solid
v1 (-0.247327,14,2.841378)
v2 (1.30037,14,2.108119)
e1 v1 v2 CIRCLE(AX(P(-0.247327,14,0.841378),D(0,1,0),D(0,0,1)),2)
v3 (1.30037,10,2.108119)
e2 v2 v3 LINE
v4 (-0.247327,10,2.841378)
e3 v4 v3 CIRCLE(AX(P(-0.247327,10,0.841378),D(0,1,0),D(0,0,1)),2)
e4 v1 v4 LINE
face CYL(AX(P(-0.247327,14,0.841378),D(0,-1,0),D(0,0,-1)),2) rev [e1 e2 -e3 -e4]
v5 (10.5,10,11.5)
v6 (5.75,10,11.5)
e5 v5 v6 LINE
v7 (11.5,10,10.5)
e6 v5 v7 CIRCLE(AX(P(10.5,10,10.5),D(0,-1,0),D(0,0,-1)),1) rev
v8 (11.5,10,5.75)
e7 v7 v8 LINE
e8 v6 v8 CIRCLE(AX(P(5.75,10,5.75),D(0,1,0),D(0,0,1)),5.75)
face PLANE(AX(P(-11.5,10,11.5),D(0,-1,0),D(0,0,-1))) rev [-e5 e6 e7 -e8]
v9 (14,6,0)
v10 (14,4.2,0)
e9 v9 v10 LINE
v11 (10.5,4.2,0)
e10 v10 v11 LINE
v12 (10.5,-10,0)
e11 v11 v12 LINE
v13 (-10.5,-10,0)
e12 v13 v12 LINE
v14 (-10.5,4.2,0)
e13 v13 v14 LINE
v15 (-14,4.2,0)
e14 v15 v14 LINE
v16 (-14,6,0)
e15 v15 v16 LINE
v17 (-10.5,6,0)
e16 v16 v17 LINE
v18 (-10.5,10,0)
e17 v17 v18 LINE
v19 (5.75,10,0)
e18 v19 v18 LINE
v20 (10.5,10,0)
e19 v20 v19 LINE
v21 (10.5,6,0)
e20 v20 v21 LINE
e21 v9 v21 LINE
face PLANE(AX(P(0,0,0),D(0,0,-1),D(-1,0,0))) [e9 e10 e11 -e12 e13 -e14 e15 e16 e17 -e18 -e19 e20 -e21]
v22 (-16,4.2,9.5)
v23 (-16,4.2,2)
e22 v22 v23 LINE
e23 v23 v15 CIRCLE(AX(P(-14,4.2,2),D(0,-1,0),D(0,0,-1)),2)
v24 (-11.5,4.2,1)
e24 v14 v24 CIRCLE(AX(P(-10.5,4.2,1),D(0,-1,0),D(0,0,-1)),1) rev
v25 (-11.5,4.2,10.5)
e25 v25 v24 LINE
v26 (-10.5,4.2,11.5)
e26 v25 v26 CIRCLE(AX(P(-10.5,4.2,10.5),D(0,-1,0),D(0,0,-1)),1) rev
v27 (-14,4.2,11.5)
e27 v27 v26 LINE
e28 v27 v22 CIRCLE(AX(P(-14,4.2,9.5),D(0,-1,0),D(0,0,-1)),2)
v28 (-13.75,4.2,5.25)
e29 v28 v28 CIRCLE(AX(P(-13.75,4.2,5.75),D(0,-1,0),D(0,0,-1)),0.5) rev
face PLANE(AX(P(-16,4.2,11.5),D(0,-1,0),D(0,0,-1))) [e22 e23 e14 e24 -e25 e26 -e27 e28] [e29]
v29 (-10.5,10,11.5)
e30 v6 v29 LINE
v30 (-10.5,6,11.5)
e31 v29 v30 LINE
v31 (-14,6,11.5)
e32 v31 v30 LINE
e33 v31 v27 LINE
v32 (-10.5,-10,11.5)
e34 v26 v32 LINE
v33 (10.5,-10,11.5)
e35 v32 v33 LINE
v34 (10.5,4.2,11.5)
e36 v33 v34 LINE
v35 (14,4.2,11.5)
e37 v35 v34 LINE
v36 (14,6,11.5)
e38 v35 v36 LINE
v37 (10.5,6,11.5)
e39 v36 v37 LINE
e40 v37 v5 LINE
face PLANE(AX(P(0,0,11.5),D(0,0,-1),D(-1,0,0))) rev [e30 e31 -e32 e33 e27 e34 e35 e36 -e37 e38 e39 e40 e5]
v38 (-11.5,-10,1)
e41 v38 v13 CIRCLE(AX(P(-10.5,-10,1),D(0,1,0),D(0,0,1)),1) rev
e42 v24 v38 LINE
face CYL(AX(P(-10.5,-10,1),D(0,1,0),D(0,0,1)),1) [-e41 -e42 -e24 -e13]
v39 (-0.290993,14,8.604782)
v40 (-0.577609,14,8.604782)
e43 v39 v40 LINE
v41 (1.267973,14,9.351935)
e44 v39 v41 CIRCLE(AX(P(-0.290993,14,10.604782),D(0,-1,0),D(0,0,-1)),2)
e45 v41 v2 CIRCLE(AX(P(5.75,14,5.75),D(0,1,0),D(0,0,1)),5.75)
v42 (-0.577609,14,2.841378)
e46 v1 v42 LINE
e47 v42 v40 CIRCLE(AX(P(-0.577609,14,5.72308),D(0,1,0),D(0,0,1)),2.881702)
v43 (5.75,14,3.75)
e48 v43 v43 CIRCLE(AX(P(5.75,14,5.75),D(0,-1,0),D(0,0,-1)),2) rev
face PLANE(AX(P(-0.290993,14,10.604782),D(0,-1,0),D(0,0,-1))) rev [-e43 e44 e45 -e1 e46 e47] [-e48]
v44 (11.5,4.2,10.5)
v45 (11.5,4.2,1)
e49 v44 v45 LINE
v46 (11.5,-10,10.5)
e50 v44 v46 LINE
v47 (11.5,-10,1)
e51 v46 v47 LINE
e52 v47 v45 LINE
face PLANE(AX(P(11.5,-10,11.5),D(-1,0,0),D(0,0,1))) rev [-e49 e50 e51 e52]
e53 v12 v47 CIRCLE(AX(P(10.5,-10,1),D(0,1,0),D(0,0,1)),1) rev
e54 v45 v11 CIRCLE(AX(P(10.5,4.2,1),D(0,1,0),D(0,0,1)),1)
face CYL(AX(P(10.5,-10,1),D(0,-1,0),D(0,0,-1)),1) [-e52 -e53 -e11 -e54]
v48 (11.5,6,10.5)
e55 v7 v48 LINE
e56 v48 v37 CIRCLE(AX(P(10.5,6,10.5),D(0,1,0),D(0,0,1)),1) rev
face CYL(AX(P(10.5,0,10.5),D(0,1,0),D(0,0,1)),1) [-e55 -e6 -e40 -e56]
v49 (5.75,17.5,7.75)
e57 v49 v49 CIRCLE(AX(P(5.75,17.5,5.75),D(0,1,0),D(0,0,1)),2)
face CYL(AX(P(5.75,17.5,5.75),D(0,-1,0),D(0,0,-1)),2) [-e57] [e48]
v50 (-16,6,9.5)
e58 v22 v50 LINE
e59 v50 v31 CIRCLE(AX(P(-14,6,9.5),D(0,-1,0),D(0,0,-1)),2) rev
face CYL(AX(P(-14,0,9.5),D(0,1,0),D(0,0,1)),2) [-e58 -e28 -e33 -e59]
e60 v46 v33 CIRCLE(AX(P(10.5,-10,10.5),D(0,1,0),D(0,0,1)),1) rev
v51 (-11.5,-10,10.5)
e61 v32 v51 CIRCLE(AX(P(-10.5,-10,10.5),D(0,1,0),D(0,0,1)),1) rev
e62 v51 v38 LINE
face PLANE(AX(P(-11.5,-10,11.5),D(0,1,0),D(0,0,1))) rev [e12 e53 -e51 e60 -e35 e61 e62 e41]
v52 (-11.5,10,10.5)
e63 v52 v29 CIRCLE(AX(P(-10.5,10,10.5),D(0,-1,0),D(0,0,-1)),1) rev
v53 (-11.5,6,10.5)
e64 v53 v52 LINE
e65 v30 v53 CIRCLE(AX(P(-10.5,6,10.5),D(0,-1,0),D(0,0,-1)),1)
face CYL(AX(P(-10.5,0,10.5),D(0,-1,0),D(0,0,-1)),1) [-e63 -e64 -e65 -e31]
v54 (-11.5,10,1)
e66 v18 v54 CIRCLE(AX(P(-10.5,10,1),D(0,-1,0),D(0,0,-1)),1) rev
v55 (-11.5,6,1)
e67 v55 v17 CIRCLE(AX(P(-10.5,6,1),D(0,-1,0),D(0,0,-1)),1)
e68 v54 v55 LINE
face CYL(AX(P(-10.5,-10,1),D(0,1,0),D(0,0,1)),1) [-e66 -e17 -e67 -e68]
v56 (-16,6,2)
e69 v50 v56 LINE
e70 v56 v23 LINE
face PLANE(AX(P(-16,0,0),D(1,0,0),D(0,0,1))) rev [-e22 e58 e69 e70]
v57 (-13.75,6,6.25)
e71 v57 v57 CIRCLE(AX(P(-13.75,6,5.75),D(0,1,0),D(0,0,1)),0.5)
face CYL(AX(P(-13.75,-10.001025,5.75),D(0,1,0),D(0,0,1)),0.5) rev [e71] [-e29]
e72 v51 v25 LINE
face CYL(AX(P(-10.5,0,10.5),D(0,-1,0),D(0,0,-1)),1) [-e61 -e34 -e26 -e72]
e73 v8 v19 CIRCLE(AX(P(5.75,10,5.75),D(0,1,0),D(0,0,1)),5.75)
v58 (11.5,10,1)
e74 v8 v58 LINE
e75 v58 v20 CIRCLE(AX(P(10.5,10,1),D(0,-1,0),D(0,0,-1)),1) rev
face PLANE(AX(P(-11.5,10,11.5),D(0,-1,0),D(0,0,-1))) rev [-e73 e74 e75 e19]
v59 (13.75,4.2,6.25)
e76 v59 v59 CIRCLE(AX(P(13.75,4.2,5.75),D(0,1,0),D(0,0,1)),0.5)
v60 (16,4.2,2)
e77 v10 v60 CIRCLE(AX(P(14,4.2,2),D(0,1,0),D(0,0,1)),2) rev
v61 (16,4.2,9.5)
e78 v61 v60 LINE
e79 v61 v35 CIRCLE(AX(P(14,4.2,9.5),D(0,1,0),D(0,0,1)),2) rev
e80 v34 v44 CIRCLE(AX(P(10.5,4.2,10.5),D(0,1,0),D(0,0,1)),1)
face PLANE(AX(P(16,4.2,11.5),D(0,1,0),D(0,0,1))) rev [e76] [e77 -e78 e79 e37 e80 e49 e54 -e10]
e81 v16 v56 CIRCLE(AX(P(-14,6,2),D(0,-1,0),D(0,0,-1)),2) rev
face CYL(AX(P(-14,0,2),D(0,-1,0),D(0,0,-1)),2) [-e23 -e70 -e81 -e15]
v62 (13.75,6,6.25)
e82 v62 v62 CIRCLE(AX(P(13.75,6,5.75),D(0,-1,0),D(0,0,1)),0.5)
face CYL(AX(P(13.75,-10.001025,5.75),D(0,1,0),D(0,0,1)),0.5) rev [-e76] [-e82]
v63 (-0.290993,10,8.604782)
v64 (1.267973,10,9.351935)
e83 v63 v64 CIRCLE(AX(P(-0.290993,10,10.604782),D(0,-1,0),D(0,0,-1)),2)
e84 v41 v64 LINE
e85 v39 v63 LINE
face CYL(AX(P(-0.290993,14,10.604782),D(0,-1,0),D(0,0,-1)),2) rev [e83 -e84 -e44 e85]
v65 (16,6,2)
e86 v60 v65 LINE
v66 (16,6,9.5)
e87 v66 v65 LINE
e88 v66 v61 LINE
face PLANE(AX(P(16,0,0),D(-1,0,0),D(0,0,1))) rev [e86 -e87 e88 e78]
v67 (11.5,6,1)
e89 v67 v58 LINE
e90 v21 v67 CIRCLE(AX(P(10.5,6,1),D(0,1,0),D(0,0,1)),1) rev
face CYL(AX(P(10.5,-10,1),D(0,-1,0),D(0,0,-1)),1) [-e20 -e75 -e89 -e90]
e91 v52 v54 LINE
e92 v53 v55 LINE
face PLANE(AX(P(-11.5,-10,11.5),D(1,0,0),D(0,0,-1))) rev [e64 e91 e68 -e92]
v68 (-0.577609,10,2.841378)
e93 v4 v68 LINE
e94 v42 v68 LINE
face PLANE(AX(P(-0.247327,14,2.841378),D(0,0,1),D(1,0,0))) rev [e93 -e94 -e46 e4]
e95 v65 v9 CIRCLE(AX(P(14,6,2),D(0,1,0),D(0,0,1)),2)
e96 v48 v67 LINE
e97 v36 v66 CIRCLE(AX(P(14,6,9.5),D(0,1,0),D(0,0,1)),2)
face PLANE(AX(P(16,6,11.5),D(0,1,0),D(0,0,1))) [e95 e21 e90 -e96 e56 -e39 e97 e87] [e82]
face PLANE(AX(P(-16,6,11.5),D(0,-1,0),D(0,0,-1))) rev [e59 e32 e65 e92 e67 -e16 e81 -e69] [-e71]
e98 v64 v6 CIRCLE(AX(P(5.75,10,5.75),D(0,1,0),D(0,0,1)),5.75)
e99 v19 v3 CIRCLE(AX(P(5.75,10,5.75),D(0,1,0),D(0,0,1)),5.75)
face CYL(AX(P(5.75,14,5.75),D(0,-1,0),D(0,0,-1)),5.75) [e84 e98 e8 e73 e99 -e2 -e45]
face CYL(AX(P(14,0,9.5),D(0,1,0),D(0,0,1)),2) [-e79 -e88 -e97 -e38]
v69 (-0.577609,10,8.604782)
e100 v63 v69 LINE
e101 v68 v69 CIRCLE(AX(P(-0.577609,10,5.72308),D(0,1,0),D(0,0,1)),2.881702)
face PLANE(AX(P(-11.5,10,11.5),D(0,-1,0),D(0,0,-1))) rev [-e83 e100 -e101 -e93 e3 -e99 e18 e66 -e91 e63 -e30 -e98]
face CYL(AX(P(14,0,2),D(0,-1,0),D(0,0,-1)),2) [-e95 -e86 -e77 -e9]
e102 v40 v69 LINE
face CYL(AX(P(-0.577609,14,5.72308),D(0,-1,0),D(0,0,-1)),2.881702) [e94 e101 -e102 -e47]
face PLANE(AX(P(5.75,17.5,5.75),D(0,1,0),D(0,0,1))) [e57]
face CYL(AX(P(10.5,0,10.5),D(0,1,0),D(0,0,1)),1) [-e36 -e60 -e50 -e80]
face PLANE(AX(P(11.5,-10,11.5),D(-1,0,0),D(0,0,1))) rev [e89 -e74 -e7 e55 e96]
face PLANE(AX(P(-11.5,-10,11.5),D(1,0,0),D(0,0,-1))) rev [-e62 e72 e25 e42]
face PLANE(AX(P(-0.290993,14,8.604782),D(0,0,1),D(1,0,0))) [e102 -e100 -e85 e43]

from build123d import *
from OCP.BRepFilletAPI import BRepFilletAPI_MakeFillet

# Parameters (mm, degrees)
ESQUISSE1_W             = 23
ESQUISSE1_H             = 20
BOSS_EXTRU_1_DEPTH      = 11.5
ESQUISSE2_W             = 11.5
ESQUISSE2_H             = 1.8
BOSS_EXTRU_2_DEPTH      = 4.5
BOSS_EXTRU_3_DEPTH      = 4
ENL_V_MAT_EXTRU_1_REACH = 27.382
ESQUISSE4_R             = 0.5
CONG_1_R1               = 1
CONG_1_R2               = 2
ESQUISSE5_R             = 2
BOSS_EXTRU_4_DEPTH      = 3.5


with BuildPart() as part:
    # Esquisse1 → Boss.-Extru.1 (new body)
    with BuildSketch(Plane.XY):
        Rectangle(ESQUISSE1_W, ESQUISSE1_H)
    extrude(amount=BOSS_EXTRU_1_DEPTH)

    # Esquisse2 → Boss.-Extru.2 (add)
    with BuildSketch(Plane(origin=(11.5, 0, 0), x_dir=(0, 0, -1), z_dir=(1, 0, 0))):
        with Locations((-5.75, 5.1)):
            Rectangle(ESQUISSE2_W, ESQUISSE2_H)
    boss_extru_2 = extrude(amount=BOSS_EXTRU_2_DEPTH)

    # Symétrie1: Boss.-Extru.2 across plane
    add(boss_extru_2.mirror(Plane(origin=(0, 0, 0), x_dir=(0, 0, 1), z_dir=(1, 0, 0))))

    # Esquisse3 → Boss.-Extru.3 (add)
    with BuildSketch(Plane(origin=(0, 10, 0), x_dir=(1, 0, 0), z_dir=(0, 1, 0))):
        with BuildLine():
            Line((-0.290992678, -8.604781917), (-0.577609195, -8.604781917))
            ThreePointArc((-0.577609195, -8.604781917), (-3.459311015, -5.723080096), (-0.577609195, -2.841378276))
            Line((-0.577609195, -2.841378276), (-0.247327135, -2.841378276))
            ThreePointArc((-0.247327135, -2.841378276), (0.608978248, -2.648791092), (1.30037019, -2.108119366))
            ThreePointArc((1.30037019, -2.108119366), (11.499942495, -5.775715864), (1.267973174, -9.351934971))
            ThreePointArc((1.267973174, -9.351934971), (0.573387477, -8.801216851), (-0.290992678, -8.604781917))
        make_face()
    extrude(amount=BOSS_EXTRU_3_DEPTH)

    # Esquisse4 → Enlèv. mat.-Extru.1 (cut, up to next)
    with BuildSketch(Plane(origin=(0, 6, 0), x_dir=(1, 0, 0), z_dir=(0, 1, 0)), mode=Mode.PRIVATE) as enl_v_mat_extru_1_sk1:
        with Locations((-13.75, -5.75)):
            Circle(ESQUISSE4_R)
    enl_v_mat_extru_1_tool1 = extrude(enl_v_mat_extru_1_sk1.sketch, amount=-ENL_V_MAT_EXTRU_1_REACH, mode=Mode.PRIVATE) & part.part
    enl_v_mat_extru_1 = enl_v_mat_extru_1_tool1.solids().sort_by_distance((-13.75, 6, 5.75))[0]
    add(enl_v_mat_extru_1, mode=Mode.SUBTRACT)

    # Symétrie2: Enlèv. mat.-Extru.1 across plane
    add(enl_v_mat_extru_1.mirror(Plane(origin=(0, 0, 0), x_dir=(0, 0, 1), z_dir=(1, 0, 0))), mode=Mode.SUBTRACT)

    # Congé1: one fillet with a radius per group of edges: ONE call of the kernel's fillet builder (fillet() takes one radius for all edges)
    cong_1_edges_1 = [part.edges().sort_by_distance(p)[0] for p in [
        (-11.5, -2.9, 11.5),
        (-11.5, -2.9, 0),
        (-11.5, 8, 0),
        (-11.5, 8, 11.5),
        (11.5, 8, 11.5),
        (11.5, 8, 0),
        (11.5, -2.9, 11.5),
        (11.5, -2.9, 0),
    ]]
    cong_1_edges_2 = [part.edges().sort_by_distance(p)[0] for p in [
        (-16, 5.1, 11.5),
        (-16, 5.1, 0),
        (16, 5.1, 0),
        (16, 5.1, 11.5),
    ]]
    cong_1 = BRepFilletAPI_MakeFillet(part.part.solid().wrapped)
    for e in cong_1_edges_1:
        cong_1.Add(CONG_1_R1, e.wrapped)
    for e in cong_1_edges_2:
        cong_1.Add(CONG_1_R2, e.wrapped)
    add(Compound.cast(cong_1.Shape()), mode=Mode.REPLACE)

    # Esquisse5 → Boss.-Extru.4 (add)
    with BuildSketch(Plane(origin=(0, 14, 0), x_dir=(1, 0, 0), z_dir=(0, 1, 0))):
        with Locations((5.75, -5.75)):
            Circle(ESQUISSE5_R)
    extrude(amount=BOSS_EXTRU_4_DEPTH)


solid = part.part
